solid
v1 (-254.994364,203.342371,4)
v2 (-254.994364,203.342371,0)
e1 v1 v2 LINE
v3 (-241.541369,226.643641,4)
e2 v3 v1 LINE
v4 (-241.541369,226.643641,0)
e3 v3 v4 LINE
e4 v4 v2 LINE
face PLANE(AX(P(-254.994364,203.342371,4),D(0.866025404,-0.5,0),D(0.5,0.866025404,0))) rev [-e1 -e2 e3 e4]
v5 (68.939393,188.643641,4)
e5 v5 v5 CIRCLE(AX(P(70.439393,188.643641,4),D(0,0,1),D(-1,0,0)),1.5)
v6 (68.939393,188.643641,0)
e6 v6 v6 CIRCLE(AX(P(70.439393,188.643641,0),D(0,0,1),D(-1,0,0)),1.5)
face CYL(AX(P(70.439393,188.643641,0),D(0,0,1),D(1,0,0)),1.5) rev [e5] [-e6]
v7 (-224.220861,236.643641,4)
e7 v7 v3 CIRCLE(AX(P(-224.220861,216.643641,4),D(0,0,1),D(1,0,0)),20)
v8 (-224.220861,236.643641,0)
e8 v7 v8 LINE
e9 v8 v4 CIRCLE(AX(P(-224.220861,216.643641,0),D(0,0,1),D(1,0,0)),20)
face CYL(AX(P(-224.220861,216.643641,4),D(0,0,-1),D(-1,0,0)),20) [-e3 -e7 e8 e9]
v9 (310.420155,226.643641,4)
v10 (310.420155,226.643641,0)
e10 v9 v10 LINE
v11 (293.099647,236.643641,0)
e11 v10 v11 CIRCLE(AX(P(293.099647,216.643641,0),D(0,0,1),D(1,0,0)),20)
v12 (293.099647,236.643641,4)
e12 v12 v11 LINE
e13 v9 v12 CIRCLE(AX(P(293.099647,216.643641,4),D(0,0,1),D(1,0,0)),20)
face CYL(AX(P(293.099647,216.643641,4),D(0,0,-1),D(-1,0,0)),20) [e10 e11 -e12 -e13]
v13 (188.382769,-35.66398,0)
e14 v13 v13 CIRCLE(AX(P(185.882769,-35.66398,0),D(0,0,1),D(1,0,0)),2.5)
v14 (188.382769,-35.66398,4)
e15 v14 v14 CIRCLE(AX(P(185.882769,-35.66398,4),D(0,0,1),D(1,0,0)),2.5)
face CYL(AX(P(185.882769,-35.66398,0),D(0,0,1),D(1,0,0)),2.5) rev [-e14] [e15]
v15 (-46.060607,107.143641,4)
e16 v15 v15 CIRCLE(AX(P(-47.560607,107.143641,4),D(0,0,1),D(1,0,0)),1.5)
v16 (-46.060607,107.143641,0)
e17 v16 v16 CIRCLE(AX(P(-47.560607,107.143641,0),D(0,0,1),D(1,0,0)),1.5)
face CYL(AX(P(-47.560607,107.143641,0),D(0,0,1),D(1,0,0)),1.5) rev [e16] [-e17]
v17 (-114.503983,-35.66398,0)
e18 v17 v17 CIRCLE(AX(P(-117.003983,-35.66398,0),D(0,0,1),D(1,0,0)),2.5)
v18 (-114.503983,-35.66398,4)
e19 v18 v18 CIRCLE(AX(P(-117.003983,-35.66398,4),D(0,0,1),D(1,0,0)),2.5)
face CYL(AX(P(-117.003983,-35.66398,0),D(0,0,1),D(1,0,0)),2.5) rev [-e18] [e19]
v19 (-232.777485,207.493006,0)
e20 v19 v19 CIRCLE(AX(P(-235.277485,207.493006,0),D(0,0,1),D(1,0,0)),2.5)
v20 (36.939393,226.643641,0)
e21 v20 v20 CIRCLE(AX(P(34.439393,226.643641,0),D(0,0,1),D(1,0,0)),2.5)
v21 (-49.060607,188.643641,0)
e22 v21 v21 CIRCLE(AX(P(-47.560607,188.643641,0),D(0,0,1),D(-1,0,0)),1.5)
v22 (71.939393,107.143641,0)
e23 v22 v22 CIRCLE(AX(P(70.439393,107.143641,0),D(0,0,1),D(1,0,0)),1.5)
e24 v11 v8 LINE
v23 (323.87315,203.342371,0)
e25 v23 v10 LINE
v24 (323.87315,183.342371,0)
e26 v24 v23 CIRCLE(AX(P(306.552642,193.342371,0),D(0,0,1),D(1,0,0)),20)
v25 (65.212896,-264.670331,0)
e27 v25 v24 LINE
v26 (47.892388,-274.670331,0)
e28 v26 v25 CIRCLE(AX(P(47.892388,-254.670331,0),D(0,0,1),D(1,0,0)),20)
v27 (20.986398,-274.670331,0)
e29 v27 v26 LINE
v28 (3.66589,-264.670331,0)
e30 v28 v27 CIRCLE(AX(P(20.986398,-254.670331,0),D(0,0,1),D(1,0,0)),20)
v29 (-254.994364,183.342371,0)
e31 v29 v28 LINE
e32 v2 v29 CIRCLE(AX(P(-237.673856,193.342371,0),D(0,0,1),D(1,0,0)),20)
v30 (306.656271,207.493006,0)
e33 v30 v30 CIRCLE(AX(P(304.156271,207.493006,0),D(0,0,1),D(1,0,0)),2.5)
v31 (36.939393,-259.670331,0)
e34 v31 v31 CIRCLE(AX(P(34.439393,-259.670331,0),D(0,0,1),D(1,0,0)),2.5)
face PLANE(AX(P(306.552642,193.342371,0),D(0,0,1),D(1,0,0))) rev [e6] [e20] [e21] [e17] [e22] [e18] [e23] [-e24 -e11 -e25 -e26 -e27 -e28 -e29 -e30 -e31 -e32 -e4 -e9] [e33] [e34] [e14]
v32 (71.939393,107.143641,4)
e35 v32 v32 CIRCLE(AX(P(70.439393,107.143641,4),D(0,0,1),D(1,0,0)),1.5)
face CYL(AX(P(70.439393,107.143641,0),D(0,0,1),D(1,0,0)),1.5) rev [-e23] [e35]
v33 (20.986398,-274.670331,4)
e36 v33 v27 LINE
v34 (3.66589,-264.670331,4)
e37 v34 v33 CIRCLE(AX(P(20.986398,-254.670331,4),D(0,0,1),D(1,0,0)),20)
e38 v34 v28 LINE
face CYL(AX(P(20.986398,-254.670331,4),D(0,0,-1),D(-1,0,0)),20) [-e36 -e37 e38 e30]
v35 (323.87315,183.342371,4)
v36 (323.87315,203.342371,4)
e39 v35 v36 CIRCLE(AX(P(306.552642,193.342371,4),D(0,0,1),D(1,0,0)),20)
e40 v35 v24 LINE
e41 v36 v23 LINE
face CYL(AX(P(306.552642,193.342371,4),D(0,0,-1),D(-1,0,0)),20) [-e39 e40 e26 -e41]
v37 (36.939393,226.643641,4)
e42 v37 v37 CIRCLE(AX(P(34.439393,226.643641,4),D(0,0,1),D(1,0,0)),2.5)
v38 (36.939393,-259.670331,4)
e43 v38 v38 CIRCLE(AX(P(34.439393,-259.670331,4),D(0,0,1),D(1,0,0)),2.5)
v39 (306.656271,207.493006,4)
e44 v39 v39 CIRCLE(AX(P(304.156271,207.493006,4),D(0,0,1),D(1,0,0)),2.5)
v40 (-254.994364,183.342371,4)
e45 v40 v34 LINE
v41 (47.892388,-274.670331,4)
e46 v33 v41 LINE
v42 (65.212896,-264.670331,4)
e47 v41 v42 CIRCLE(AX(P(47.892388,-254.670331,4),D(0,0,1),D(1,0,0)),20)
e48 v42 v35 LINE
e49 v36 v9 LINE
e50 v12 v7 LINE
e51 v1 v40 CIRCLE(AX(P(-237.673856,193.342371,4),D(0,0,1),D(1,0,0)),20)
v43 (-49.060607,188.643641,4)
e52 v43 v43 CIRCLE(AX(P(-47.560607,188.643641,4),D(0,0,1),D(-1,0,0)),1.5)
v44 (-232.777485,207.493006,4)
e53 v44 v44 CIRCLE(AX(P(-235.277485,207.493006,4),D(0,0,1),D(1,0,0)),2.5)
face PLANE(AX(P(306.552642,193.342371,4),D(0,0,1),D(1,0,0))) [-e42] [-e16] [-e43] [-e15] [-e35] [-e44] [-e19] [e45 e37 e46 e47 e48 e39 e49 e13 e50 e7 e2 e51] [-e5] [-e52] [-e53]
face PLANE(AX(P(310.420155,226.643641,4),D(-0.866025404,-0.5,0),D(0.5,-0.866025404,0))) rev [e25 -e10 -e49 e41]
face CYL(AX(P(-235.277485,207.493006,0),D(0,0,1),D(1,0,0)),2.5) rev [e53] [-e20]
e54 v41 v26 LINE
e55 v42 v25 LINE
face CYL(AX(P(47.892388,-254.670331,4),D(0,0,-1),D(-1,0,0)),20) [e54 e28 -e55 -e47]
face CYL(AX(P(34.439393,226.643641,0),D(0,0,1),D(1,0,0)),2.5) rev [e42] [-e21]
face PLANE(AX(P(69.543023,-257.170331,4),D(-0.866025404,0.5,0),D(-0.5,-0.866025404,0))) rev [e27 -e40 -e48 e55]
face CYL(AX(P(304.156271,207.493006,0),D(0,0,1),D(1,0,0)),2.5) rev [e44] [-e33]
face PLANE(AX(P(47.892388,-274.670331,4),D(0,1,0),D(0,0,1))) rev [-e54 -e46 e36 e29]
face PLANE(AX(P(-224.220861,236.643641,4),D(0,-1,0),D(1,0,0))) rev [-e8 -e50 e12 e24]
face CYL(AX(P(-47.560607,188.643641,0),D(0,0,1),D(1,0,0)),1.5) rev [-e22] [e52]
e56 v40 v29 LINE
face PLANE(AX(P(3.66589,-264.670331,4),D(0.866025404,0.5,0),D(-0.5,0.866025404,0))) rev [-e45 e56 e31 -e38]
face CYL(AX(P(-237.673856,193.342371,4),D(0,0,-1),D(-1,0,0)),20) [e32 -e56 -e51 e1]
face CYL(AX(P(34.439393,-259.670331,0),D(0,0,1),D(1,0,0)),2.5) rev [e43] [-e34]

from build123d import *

# Parameters (mm, degrees)
SCHIZZO1_R                   = 2.1
ESTRUSIONE_ESTRUSIONE1_DEPTH = 4
SCHIZZO2_R                   = 2.5
TAGLIO_ESTRUSIONE1_DEPTH     = 4
SCHIZZO3_R                   = 1.5
TAGLIO_ESTRUSIONE3_DEPTH     = 4


with BuildPart() as part:
    # Schizzo1 → Estrusione-Estrusione1 (new body)
    with BuildSketch(Plane.XY):
        with BuildLine():
            Line((69.543022759, -257.170330876), (65.21289574, -264.670330876))
            ThreePointArc((65.21289574, -264.670330876), (57.892387664, -271.990838952), (47.892387664, -274.670330876))
            Line((47.892387664, -274.670330876), (20.986398432, -274.670330876))
            ThreePointArc((20.986398432, -274.670330876), (10.986398432, -271.990838952), (3.665890356, -264.670330876))
            Line((3.665890356, -264.670330876), (-0.664236663, -257.170330876))
            Line((-0.664236663, -257.170330876), (-250.664236663, 175.842371016))
            Line((-250.664236663, 175.842371016), (-254.994363682, 183.342371016))
            ThreePointArc((-254.994363682, 183.342371016), (-257.673855606, 193.342371016), (-254.994363682, 203.342371016))
            Line((-254.994363682, 203.342371016), (-241.541369065, 226.643641206))
            ThreePointArc((-241.541369065, 226.643641206), (-234.22086099, 233.964149281), (-224.22086099, 236.643641206))
            Line((-224.22086099, 236.643641206), (-215.560606952, 236.643641206))
            Line((-215.560606952, 236.643641206), (284.439393048, 236.643641206))
            Line((284.439393048, 236.643641206), (293.099647086, 236.643641206))
            ThreePointArc((293.099647086, 236.643641206), (303.099647086, 233.964149281), (310.420155162, 226.643641206))
            Line((310.420155162, 226.643641206), (323.873149778, 203.342371016))
            ThreePointArc((323.873149778, 203.342371016), (326.552641702, 193.342371016), (323.873149778, 183.342371016))
            Line((323.873149778, 183.342371016), (319.543022759, 175.842371016))
            Line((319.543022759, 175.842371016), (69.543022759, -257.170330876))
        make_face()
        with Locations((34.439393048, -259.670330876)):
            Circle(SCHIZZO1_R, mode=Mode.SUBTRACT)
        with Locations((304.156271413, 207.493006111)):
            Circle(SCHIZZO1_R, mode=Mode.SUBTRACT)
        with Locations((-235.277485317, 207.493006111)):
            Circle(SCHIZZO1_R, mode=Mode.SUBTRACT)
    extrude(amount=ESTRUSIONE_ESTRUSIONE1_DEPTH)

    # Schizzo2 → Taglio-Estrusione1 (cut)
    with BuildSketch(Plane.XY.offset(4)):
        with Locations((34.439393048, 226.643641206)):
            Circle(SCHIZZO2_R)
        with Locations((-235.277485317, 207.493006111)):
            Circle(SCHIZZO2_R)
        with Locations((304.156271413, 207.493006111)):
            Circle(SCHIZZO2_R)
        with Locations((34.439393048, -259.670330876)):
            Circle(SCHIZZO2_R)
        with Locations((185.882768721, -35.66397993)):
            Circle(SCHIZZO2_R)
        with Locations((-117.003982625, -35.66397993)):
            Circle(SCHIZZO2_R)
    extrude(amount=-TAGLIO_ESTRUSIONE1_DEPTH, mode=Mode.SUBTRACT)

    # Schizzo3 → Taglio-Estrusione3 (cut)
    with BuildSketch(Plane.XY.offset(4)):
        with Locations((-47.560606952, 107.143641206)):
            Circle(SCHIZZO3_R)
        with Locations((70.439393048, 107.143641206)):
            Circle(SCHIZZO3_R)
        with Locations(Location((-47.560606952, 188.643641206, 0), (0, 0, 180))):
            Circle(SCHIZZO3_R)
        with Locations(Location((70.439393048, 188.643641206, 0), (0, 0, 180))):
            Circle(SCHIZZO3_R)
    extrude(amount=-TAGLIO_ESTRUSIONE3_DEPTH, mode=Mode.SUBTRACT)


solid = part.part
